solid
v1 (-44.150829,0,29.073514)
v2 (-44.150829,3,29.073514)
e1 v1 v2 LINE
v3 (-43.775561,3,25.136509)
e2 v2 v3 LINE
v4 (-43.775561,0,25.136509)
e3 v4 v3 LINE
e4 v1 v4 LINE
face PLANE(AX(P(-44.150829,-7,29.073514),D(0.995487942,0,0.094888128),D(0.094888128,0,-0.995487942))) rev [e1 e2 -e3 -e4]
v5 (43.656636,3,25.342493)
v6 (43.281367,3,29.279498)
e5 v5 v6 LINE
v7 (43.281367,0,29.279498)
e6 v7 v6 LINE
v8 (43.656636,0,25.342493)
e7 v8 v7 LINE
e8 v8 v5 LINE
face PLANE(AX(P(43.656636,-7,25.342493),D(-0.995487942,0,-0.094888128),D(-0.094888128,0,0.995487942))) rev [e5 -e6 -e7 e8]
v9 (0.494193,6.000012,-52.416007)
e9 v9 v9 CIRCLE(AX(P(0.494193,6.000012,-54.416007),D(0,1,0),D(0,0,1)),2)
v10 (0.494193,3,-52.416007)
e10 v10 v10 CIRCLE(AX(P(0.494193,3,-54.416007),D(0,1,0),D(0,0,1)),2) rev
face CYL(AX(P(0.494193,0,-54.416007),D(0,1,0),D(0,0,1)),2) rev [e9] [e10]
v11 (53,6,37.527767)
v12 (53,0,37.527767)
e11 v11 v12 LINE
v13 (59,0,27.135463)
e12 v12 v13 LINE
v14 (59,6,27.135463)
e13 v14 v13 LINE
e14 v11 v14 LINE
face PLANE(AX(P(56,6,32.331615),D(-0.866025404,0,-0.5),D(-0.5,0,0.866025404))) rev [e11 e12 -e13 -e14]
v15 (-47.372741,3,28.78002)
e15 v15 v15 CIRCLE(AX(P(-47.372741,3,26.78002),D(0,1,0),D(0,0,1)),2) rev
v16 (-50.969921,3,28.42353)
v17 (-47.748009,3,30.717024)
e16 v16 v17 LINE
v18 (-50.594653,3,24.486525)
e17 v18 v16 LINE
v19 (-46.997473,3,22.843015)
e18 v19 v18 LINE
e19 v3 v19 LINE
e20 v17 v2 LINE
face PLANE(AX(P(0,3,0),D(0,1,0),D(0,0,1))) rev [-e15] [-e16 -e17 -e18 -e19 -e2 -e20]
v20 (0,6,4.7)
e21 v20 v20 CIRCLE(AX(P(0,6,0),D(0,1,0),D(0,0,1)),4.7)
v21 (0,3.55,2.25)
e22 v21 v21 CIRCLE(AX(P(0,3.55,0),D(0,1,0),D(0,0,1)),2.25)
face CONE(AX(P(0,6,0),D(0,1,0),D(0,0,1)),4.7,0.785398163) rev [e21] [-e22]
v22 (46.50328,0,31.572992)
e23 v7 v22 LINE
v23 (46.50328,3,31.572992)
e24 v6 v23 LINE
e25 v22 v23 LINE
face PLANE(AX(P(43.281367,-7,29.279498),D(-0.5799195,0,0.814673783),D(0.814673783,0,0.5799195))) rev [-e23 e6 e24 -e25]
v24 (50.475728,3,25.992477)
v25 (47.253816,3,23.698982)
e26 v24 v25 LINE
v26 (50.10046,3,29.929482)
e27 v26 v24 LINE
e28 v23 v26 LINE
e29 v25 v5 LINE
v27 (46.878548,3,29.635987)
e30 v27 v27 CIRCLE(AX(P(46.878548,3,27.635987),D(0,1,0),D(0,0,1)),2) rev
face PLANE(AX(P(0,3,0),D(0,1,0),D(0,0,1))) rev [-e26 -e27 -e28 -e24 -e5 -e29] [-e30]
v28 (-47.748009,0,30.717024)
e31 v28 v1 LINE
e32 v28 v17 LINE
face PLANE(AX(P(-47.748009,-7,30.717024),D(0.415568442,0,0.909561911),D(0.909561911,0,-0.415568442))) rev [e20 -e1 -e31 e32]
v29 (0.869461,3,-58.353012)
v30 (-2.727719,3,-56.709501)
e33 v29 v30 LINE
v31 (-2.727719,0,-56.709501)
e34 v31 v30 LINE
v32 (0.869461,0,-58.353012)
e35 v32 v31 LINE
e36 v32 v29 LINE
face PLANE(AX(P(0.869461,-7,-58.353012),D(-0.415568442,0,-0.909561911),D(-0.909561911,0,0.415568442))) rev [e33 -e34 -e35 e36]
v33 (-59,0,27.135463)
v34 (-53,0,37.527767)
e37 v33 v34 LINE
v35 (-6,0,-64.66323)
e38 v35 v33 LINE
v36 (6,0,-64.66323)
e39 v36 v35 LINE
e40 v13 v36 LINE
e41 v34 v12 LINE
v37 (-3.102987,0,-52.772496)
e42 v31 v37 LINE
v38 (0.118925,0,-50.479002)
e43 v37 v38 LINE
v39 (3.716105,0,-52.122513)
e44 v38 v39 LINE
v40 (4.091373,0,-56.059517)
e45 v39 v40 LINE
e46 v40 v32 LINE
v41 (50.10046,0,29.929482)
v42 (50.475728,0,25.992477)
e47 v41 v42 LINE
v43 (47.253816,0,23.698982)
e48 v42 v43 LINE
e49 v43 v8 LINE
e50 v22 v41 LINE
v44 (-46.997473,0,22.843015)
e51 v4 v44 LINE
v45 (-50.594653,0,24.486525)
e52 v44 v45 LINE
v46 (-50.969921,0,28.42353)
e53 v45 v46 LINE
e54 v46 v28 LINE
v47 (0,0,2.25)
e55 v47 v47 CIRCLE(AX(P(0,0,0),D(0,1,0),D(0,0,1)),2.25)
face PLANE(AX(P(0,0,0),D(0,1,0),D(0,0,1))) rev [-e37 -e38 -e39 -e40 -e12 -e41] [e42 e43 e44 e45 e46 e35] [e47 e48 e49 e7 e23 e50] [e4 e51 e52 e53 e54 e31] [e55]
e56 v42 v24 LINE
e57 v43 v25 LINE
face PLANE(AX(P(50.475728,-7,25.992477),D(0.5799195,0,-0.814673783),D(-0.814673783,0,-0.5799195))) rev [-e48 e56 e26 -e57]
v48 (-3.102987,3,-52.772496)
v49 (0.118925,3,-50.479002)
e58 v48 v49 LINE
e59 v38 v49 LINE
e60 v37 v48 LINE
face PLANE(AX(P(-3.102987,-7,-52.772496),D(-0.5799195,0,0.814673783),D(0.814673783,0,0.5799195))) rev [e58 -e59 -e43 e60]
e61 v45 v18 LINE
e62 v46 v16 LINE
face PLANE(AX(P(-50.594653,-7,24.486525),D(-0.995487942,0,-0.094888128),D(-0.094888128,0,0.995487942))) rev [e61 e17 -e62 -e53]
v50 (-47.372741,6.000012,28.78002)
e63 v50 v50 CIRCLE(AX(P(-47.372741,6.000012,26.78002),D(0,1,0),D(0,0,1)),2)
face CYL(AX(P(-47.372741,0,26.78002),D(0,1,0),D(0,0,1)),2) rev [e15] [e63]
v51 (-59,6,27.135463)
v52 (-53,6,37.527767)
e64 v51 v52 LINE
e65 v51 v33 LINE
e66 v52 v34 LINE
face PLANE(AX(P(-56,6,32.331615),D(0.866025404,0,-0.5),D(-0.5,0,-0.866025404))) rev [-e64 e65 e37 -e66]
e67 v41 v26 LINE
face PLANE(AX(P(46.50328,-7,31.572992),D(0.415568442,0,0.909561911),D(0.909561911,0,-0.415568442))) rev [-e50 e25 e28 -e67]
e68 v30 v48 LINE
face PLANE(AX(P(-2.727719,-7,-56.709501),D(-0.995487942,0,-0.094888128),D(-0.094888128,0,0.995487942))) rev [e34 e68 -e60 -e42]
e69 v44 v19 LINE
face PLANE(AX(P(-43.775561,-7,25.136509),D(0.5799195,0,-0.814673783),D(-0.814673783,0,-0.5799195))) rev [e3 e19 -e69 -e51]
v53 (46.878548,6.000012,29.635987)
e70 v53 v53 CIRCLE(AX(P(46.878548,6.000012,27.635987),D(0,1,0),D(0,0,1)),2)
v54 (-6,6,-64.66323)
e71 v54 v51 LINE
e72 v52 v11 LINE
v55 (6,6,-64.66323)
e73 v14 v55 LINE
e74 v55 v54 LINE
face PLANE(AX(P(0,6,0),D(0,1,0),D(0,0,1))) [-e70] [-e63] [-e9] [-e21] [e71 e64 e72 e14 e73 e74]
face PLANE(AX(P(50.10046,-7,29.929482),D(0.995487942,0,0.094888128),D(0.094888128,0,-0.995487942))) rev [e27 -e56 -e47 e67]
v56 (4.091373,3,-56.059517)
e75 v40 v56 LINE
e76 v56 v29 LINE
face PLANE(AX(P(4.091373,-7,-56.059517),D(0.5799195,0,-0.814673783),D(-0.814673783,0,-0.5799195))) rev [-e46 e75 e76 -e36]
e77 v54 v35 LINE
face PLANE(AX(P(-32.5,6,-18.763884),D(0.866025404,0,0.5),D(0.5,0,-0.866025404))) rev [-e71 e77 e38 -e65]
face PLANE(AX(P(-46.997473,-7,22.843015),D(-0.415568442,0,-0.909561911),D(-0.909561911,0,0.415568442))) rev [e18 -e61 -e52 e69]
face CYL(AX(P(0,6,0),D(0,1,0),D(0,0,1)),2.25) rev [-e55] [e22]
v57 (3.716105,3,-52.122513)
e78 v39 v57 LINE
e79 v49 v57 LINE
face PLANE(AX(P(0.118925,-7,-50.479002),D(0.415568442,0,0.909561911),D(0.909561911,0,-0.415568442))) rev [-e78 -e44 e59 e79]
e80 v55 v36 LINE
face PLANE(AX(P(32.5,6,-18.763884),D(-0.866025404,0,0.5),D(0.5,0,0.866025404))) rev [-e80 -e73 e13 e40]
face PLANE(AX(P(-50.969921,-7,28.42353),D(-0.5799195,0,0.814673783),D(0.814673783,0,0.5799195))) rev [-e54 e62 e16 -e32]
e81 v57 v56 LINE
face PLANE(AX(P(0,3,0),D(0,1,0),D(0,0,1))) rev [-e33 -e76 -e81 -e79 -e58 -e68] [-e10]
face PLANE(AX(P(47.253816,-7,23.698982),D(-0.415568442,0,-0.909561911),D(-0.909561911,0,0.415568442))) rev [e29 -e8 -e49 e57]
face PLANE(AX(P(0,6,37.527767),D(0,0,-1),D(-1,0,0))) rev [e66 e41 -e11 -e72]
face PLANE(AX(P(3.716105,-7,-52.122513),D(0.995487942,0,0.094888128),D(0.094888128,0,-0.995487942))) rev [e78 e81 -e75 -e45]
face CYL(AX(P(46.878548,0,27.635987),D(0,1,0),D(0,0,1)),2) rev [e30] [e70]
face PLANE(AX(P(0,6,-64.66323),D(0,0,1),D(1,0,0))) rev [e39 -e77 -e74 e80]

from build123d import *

# Parameters (mm, degrees)
BOSS_EXTRUDE1_DEPTH                             = 6
CSK_FOR_M4_FLAT_HEAD_MACHINE_SCREW1_D           = 4.5
CSK_FOR_M4_FLAT_HEAD_MACHINE_SCREW1_CSINK_D     = 9.4
CSK_FOR_M4_FLAT_HEAD_MACHINE_SCREW1_CSINK_ANGLE = 90
CUT_EXTRUDE1_DEPTH                              = 88.740146645
CUT_EXTRUDE1_DEPTH_BACK                         = 88.740146645
SKETCH3_R                                       = 2
CUT_EXTRUDE3_START                              = -3
CUT_EXTRUDE3_DEPTH                              = 10


with BuildPart() as part:
    # Sketch2 → Boss-Extrude1 (new body)
    with BuildSketch(Plane(origin=(0, 0, 0), x_dir=(1, 0, 0), z_dir=(0, 1, 0))):
        Polygon((-6, 64.663230149), (-59, -27.135462652), (-53, -37.527767497), (53, -37.527767497), (59, -27.135462652), (6, 64.663230149), align=None)
    extrude(amount=BOSS_EXTRUDE1_DEPTH)

    # CSK for M4 Flat Head Machine Screw1 (through all)
    with Locations(Plane(origin=(0, 6, 0), x_dir=(1, 0, 0), z_dir=(0, 1, 0))):
        with Locations((0, 0)):
            CounterSinkHole(CSK_FOR_M4_FLAT_HEAD_MACHINE_SCREW1_D / 2, CSK_FOR_M4_FLAT_HEAD_MACHINE_SCREW1_CSINK_D / 2, counter_sink_angle=CSK_FOR_M4_FLAT_HEAD_MACHINE_SCREW1_CSINK_ANGLE)

    # Sketch3 → Cut-Extrude1 (cut, two sides: drawn at the far end of the back side and taken through both)
    with BuildSketch(Plane(origin=(0, 6, 0), x_dir=(1, 0, 0), z_dir=(0, 1, 0)).offset(-CUT_EXTRUDE1_DEPTH_BACK)):
        with Locations(Location((-47.372740925, -26.780019623, 0), (0, 0, 270))):
            Circle(SKETCH3_R)
        with Locations(Location((0.494193155, 54.416006899, 0), (0, 0, 270))):
            Circle(SKETCH3_R)
        with Locations(Location((46.87854777, -27.635987277, 0), (0, 0, 270))):
            Circle(SKETCH3_R)
    extrude(amount=CUT_EXTRUDE1_DEPTH + CUT_EXTRUDE1_DEPTH_BACK, mode=Mode.SUBTRACT)

    # Sketch7 → Cut-Extrude3 (cut)
    with BuildSketch(Plane(origin=(0, 6, 0), x_dir=(1, 0, 0), z_dir=(0, 1, 0)).offset(CUT_EXTRUDE3_START)):
        Polygon((-43.775560598, -25.136509042), (-46.997472676, -22.843014787), (-50.594653003, -24.486525368), (-50.969921252, -28.423530203), (-47.748009174, -30.717024458), (-44.150828847, -29.073513878), align=None)
        Polygon((3.716105233, 52.122512644), (4.091373482, 56.05951748), (0.869461405, 58.353011735), (-2.727718922, 56.709501154), (-3.102987172, 52.772496319), (0.118924906, 50.479002064), align=None)
        Polygon((43.281367443, -29.279497857), (46.50327952, -31.572992112), (50.100459847, -29.929481531), (50.475728097, -25.992476696), (47.253816019, -23.698982441), (43.656635692, -25.342493022), align=None)
    extrude(amount=-CUT_EXTRUDE3_DEPTH, mode=Mode.SUBTRACT)


solid = part.part
